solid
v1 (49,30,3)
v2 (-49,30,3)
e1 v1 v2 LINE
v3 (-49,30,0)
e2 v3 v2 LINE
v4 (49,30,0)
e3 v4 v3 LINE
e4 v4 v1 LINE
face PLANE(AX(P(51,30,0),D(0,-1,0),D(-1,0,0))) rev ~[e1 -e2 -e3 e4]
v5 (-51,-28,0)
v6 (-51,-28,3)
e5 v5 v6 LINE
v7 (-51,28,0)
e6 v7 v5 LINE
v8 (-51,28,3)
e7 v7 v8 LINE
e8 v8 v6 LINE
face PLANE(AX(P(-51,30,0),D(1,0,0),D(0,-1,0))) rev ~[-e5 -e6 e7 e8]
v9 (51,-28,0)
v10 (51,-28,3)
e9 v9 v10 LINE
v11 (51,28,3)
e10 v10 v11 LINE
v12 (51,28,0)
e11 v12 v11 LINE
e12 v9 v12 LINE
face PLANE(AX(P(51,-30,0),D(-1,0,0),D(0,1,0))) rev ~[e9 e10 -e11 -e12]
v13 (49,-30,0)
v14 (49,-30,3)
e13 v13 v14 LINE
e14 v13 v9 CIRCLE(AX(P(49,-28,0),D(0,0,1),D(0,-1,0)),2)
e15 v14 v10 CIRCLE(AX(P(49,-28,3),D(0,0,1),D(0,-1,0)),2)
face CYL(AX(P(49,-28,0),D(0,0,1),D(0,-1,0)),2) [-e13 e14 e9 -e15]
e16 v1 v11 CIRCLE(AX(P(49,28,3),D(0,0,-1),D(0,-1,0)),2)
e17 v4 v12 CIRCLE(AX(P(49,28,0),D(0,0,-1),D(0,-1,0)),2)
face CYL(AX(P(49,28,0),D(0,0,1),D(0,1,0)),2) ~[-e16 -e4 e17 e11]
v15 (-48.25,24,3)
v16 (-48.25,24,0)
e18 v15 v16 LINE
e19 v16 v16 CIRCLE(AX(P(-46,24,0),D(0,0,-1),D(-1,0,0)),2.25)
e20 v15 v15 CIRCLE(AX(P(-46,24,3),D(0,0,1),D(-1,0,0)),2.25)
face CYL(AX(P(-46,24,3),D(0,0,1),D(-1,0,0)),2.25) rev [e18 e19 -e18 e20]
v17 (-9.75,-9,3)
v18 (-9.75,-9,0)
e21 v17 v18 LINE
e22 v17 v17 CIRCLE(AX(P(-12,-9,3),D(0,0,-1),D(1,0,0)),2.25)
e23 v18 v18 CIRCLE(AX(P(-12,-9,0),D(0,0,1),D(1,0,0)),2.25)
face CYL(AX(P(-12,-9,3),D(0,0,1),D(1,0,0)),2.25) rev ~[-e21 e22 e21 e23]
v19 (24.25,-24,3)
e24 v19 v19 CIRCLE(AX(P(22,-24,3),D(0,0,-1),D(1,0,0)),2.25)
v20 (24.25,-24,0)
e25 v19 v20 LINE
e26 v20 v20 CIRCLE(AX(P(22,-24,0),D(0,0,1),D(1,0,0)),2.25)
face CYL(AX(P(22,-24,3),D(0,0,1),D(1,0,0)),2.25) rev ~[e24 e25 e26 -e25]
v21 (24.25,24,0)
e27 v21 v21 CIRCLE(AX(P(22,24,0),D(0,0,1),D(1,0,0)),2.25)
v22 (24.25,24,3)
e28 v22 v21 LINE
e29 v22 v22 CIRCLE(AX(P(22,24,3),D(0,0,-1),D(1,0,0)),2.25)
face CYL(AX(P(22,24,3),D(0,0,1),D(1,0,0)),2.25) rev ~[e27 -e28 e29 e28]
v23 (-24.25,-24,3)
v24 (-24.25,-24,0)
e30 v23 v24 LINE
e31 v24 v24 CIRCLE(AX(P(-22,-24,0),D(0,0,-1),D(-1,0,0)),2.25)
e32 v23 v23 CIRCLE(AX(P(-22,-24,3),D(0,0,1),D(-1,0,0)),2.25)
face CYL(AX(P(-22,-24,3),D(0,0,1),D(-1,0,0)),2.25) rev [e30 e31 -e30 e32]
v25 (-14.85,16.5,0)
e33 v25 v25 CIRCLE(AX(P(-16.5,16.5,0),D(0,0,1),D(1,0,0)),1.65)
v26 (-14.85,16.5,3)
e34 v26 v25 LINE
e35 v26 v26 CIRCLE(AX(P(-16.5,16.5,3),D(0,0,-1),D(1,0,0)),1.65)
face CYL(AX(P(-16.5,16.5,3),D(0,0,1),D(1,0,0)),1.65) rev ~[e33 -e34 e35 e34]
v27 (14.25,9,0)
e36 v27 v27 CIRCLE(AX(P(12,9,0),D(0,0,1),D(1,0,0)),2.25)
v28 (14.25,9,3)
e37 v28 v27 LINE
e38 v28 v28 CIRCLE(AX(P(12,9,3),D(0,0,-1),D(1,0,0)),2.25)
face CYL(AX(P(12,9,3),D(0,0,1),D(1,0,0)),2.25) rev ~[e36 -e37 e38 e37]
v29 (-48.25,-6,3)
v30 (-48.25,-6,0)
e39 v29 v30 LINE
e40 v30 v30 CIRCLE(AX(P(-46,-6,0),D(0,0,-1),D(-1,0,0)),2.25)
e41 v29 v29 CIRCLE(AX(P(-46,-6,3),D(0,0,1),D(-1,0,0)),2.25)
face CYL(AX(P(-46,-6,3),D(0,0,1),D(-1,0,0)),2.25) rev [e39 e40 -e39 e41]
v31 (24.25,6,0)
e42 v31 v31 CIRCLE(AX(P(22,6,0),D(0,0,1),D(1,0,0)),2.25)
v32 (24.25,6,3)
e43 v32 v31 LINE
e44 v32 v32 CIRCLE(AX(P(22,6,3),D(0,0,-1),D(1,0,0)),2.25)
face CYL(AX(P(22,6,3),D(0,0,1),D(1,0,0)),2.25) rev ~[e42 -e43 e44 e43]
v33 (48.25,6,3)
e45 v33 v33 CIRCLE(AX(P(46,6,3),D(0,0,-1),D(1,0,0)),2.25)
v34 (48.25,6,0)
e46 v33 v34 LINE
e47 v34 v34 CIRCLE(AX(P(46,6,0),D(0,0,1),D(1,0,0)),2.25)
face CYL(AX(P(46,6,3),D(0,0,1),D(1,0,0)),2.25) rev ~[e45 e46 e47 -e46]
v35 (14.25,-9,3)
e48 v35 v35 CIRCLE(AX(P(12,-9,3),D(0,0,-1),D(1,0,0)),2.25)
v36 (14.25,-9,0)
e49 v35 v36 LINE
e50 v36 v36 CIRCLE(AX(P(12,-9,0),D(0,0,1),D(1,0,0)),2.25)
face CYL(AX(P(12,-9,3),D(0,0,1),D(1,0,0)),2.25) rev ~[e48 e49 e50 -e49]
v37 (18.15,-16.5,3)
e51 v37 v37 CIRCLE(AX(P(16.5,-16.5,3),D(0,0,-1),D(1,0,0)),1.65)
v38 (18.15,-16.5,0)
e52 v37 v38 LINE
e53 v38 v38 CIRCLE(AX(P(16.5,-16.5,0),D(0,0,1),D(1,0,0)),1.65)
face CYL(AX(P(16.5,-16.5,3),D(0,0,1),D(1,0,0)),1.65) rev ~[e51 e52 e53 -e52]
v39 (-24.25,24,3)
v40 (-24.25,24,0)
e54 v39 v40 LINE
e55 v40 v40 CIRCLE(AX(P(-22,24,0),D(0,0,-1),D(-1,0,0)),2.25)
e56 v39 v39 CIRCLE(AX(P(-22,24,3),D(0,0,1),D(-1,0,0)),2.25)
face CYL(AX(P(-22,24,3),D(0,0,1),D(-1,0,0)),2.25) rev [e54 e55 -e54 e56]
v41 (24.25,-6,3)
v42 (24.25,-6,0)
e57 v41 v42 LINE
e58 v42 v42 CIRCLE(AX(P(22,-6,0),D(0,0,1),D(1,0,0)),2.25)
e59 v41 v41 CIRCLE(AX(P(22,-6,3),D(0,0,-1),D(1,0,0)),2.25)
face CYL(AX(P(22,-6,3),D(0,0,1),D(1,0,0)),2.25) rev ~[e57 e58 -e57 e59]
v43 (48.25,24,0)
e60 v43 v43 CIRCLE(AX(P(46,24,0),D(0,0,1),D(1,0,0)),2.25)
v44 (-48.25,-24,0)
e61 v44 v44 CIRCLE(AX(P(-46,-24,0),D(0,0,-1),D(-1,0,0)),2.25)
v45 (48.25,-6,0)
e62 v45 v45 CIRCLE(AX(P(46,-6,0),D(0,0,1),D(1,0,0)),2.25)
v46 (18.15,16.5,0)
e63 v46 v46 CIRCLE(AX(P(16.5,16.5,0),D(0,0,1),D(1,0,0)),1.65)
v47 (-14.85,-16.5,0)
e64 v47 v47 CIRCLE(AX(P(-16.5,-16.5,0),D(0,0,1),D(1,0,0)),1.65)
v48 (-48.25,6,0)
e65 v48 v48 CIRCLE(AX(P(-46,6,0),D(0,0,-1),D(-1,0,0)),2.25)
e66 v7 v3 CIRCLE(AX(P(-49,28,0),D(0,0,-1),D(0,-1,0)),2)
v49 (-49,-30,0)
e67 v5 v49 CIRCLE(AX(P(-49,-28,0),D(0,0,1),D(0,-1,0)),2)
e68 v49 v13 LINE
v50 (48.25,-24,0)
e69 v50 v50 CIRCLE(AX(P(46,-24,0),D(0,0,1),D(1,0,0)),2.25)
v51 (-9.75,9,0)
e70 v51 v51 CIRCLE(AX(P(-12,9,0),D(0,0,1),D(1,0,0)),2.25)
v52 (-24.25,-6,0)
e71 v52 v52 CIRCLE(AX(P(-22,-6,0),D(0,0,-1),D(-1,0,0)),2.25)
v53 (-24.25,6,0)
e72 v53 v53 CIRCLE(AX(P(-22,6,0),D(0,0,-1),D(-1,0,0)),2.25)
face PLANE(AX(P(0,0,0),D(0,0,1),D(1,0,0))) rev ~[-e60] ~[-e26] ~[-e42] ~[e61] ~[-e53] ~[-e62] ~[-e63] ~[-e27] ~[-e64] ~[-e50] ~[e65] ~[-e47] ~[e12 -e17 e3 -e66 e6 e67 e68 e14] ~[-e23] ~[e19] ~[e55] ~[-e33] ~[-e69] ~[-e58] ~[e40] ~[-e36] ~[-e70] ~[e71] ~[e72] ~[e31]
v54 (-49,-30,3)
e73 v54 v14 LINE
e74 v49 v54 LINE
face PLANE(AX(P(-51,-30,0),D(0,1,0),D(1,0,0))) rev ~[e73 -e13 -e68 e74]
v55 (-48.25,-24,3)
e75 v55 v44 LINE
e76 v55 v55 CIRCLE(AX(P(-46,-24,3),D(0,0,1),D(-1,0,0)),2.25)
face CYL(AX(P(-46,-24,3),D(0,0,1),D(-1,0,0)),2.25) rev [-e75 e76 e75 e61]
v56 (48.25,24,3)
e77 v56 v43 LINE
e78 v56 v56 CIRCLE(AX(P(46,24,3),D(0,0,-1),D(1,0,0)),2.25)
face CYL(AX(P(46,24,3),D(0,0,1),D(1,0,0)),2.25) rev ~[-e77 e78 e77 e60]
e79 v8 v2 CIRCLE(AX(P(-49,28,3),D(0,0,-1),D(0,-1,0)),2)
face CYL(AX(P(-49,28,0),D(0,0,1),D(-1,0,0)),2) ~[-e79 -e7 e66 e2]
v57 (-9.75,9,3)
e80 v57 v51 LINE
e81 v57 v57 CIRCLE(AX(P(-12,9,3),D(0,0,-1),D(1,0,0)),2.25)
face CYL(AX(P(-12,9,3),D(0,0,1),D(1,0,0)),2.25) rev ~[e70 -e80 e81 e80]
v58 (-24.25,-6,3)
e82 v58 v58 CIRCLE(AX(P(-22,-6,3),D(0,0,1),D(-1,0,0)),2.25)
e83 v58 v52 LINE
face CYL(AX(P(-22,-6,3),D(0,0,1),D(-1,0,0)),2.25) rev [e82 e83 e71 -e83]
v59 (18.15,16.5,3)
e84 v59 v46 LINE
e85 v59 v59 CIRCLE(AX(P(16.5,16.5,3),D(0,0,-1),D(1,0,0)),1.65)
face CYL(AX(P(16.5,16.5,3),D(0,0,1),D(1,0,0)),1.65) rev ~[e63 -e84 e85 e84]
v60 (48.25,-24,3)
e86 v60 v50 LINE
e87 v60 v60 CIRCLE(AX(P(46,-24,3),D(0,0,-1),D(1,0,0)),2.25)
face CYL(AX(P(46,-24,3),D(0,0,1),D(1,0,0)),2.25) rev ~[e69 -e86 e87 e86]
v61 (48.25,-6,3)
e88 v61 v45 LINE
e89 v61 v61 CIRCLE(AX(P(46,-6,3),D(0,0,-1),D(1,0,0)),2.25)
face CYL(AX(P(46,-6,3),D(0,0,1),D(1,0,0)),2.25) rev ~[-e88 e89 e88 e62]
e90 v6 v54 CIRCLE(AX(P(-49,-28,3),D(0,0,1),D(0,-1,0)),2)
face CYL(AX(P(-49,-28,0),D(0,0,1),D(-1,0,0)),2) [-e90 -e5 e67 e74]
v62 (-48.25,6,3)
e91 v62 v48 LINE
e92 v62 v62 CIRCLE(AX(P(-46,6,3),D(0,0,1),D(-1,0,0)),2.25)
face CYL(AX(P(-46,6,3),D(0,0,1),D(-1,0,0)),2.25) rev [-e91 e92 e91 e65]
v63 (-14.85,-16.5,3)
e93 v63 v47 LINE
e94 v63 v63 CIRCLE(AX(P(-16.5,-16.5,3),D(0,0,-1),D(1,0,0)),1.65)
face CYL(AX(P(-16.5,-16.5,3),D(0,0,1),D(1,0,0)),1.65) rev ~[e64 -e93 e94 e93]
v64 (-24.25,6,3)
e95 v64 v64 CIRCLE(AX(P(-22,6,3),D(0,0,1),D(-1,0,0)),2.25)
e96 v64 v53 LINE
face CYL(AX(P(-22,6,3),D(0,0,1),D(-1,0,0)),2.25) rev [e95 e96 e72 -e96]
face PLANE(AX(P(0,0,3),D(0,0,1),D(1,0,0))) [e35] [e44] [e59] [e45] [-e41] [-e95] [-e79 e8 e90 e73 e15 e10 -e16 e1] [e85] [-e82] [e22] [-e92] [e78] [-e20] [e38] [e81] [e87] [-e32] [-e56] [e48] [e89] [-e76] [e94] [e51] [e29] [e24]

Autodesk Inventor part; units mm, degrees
ref_plane "YZ Plane" through (0, 0, 0) normal (1, 0, 0) x (0, 1, 0)
ref_plane "XZ Plane" through (0, 0, 0) normal (0, 1, 0) x (-1, 0, 0)
ref_plane "XY Plane" through (0, 0, 0) normal (0, 0, 1) x (1, 0, 0)
sketch "Sketch1" plane through (0, 0, 0) normal (0, 0, 1) x (1, 0, 0)
  line L0 (-51, -30) -> (51, -30)
  line L1 (51, -30) -> (51, 30)
  line L2 (51, 30) -> (-51, 30)
  line L3 (-51, 30) -> (-51, -30)
  line L4 (-51, -30) -> (51, 30) construction
  line L5 (51, -30) -> (-51, 30) construction
  point P0 (0, 0)
  dimension "d0" = 102
  dimension "d3" = 60
extrude "Extrusion1" add sketch "Sketch1" along normal blind 3
sketch "Sketch2" plane through (0, 0, 3) normal (0, 0, 1) x (1, 0, 0)
  line L0 (22, -24) -> (46, -24)
  line L1 (46, -24) -> (46, -6)
  line L2 (46, -6) -> (22, -6)
  line L3 (22, -6) -> (22, -24)
  line L4 (22, -24) -> (46, -6) construction
  line L5 (46, -24) -> (22, -6) construction
  line L6 (-51, -30) -> (51, -30) projected
  line L7 (51, -30) -> (51, 30) projected
  circle A0 centre (46, -6) radius 2.25
  circle A1 centre (46, -24) radius 2.25
  circle A2 centre (22, -24) radius 2.25
  circle A3 centre (22, -6) radius 2.25
  point P0 (0, 0)
  point P1 (34, -15)
  dimension "d4" = 24
  dimension "d5" = 18
  dimension "d6" = 15
  dimension "d7" = 5
  dimension "d8" = 4.5
  dimension "d9" = 4.5
  dimension "d10" = 4.5
  dimension "d11" = 4.5
extrude "Extrusion2" cut sketch "Sketch2" against normal blind 3 contours L3 A2 L0 | L0 A2 L3 | A1 L1 L0 | L0 L1 A1 | A3 L2 L3 | L3 L2 A3 | A0 L2 L1 | L1 L2 A0
pattern_linear "Rectangular Pattern1" count 2 spacing 30 along (0, 1, 0) of "Extrusion2"
sketch "Sketch3" plane through (0, 0, 3) normal (0, 0, 1) x (1, 0, 0)
  line L0 (-12, -9) -> (12, -9)
  line L1 (12, -9) -> (12, 9)
  line L2 (12, 9) -> (-12, 9)
  line L3 (-12, 9) -> (-12, -9)
  line L4 (-12, -9) -> (12, 9) construction
  line L5 (12, -9) -> (-12, 9) construction
  circle A0 centre (-12, 9) radius 2.25
  circle A1 centre (12, 9) radius 2.25
  circle A2 centre (12, -9) radius 2.25
  circle A3 centre (-12, -9) radius 2.25
  point P0 (0, 0)
  dimension "d20" = 24
  dimension "d21" = 18
  dimension "d22" = 4.5
  dimension "d23" = 4.5
  dimension "d24" = 4.5
  dimension "d25" = 4.5
extrude "Extrusion3" cut sketch "Sketch3" against normal blind 3 contours L3 A3 L0 | L0 A3 L3 | A2 L1 L0 | L0 L1 A2 | A0 L2 L3 | L3 L2 A0 | A1 L2 L1 | L1 L2 A1
sketch "Sketch4" plane through (0, 0, 3) normal (0, 0, 1) x (1, 0, 0)
  line L0 (-16.5, -16.5) -> (16.5, -16.5)
  line L1 (16.5, -16.5) -> (16.5, 16.5)
  line L2 (16.5, 16.5) -> (-16.5, 16.5)
  line L3 (-16.5, 16.5) -> (-16.5, -16.5)
  line L4 (-16.5, -16.5) -> (16.5, 16.5) construction
  line L5 (16.5, -16.5) -> (-16.5, 16.5) construction
  circle A0 centre (16.5, 16.5) radius 1.65
  circle A1 centre (-16.5, 16.5) radius 1.65
  circle A2 centre (-16.5, -16.5) radius 1.65
  circle A3 centre (16.5, -16.5) radius 1.65
  point P0 (0, 0)
  dimension "d28" = 33
  dimension "d29" = 33
  dimension "d30" = 3.3
  dimension "d31" = 3.3
  dimension "d32" = 3.3
  dimension "d33" = 3.3
extrude "Extrusion4" cut sketch "Sketch4" against normal blind 3 contours L3 A2 L0 | L0 A2 L3 | A3 L1 L0 | L0 L1 A3 | A1 L2 L3 | L3 L2 A1 | A0 L2 L1 | L1 L2 A0
mirror "Mirror1" about plane through (0, 0, 0) normal (1, 0, 0) of "Extrusion2", "Rectangular Pattern1"
fillet "Fillet1" radius 2 4 edges at (51, 30, 1.5) (51, -30, 1.5) (-51, -30, 1.5) (-51, 30, 1.5)
properties part number "De truc Z"
